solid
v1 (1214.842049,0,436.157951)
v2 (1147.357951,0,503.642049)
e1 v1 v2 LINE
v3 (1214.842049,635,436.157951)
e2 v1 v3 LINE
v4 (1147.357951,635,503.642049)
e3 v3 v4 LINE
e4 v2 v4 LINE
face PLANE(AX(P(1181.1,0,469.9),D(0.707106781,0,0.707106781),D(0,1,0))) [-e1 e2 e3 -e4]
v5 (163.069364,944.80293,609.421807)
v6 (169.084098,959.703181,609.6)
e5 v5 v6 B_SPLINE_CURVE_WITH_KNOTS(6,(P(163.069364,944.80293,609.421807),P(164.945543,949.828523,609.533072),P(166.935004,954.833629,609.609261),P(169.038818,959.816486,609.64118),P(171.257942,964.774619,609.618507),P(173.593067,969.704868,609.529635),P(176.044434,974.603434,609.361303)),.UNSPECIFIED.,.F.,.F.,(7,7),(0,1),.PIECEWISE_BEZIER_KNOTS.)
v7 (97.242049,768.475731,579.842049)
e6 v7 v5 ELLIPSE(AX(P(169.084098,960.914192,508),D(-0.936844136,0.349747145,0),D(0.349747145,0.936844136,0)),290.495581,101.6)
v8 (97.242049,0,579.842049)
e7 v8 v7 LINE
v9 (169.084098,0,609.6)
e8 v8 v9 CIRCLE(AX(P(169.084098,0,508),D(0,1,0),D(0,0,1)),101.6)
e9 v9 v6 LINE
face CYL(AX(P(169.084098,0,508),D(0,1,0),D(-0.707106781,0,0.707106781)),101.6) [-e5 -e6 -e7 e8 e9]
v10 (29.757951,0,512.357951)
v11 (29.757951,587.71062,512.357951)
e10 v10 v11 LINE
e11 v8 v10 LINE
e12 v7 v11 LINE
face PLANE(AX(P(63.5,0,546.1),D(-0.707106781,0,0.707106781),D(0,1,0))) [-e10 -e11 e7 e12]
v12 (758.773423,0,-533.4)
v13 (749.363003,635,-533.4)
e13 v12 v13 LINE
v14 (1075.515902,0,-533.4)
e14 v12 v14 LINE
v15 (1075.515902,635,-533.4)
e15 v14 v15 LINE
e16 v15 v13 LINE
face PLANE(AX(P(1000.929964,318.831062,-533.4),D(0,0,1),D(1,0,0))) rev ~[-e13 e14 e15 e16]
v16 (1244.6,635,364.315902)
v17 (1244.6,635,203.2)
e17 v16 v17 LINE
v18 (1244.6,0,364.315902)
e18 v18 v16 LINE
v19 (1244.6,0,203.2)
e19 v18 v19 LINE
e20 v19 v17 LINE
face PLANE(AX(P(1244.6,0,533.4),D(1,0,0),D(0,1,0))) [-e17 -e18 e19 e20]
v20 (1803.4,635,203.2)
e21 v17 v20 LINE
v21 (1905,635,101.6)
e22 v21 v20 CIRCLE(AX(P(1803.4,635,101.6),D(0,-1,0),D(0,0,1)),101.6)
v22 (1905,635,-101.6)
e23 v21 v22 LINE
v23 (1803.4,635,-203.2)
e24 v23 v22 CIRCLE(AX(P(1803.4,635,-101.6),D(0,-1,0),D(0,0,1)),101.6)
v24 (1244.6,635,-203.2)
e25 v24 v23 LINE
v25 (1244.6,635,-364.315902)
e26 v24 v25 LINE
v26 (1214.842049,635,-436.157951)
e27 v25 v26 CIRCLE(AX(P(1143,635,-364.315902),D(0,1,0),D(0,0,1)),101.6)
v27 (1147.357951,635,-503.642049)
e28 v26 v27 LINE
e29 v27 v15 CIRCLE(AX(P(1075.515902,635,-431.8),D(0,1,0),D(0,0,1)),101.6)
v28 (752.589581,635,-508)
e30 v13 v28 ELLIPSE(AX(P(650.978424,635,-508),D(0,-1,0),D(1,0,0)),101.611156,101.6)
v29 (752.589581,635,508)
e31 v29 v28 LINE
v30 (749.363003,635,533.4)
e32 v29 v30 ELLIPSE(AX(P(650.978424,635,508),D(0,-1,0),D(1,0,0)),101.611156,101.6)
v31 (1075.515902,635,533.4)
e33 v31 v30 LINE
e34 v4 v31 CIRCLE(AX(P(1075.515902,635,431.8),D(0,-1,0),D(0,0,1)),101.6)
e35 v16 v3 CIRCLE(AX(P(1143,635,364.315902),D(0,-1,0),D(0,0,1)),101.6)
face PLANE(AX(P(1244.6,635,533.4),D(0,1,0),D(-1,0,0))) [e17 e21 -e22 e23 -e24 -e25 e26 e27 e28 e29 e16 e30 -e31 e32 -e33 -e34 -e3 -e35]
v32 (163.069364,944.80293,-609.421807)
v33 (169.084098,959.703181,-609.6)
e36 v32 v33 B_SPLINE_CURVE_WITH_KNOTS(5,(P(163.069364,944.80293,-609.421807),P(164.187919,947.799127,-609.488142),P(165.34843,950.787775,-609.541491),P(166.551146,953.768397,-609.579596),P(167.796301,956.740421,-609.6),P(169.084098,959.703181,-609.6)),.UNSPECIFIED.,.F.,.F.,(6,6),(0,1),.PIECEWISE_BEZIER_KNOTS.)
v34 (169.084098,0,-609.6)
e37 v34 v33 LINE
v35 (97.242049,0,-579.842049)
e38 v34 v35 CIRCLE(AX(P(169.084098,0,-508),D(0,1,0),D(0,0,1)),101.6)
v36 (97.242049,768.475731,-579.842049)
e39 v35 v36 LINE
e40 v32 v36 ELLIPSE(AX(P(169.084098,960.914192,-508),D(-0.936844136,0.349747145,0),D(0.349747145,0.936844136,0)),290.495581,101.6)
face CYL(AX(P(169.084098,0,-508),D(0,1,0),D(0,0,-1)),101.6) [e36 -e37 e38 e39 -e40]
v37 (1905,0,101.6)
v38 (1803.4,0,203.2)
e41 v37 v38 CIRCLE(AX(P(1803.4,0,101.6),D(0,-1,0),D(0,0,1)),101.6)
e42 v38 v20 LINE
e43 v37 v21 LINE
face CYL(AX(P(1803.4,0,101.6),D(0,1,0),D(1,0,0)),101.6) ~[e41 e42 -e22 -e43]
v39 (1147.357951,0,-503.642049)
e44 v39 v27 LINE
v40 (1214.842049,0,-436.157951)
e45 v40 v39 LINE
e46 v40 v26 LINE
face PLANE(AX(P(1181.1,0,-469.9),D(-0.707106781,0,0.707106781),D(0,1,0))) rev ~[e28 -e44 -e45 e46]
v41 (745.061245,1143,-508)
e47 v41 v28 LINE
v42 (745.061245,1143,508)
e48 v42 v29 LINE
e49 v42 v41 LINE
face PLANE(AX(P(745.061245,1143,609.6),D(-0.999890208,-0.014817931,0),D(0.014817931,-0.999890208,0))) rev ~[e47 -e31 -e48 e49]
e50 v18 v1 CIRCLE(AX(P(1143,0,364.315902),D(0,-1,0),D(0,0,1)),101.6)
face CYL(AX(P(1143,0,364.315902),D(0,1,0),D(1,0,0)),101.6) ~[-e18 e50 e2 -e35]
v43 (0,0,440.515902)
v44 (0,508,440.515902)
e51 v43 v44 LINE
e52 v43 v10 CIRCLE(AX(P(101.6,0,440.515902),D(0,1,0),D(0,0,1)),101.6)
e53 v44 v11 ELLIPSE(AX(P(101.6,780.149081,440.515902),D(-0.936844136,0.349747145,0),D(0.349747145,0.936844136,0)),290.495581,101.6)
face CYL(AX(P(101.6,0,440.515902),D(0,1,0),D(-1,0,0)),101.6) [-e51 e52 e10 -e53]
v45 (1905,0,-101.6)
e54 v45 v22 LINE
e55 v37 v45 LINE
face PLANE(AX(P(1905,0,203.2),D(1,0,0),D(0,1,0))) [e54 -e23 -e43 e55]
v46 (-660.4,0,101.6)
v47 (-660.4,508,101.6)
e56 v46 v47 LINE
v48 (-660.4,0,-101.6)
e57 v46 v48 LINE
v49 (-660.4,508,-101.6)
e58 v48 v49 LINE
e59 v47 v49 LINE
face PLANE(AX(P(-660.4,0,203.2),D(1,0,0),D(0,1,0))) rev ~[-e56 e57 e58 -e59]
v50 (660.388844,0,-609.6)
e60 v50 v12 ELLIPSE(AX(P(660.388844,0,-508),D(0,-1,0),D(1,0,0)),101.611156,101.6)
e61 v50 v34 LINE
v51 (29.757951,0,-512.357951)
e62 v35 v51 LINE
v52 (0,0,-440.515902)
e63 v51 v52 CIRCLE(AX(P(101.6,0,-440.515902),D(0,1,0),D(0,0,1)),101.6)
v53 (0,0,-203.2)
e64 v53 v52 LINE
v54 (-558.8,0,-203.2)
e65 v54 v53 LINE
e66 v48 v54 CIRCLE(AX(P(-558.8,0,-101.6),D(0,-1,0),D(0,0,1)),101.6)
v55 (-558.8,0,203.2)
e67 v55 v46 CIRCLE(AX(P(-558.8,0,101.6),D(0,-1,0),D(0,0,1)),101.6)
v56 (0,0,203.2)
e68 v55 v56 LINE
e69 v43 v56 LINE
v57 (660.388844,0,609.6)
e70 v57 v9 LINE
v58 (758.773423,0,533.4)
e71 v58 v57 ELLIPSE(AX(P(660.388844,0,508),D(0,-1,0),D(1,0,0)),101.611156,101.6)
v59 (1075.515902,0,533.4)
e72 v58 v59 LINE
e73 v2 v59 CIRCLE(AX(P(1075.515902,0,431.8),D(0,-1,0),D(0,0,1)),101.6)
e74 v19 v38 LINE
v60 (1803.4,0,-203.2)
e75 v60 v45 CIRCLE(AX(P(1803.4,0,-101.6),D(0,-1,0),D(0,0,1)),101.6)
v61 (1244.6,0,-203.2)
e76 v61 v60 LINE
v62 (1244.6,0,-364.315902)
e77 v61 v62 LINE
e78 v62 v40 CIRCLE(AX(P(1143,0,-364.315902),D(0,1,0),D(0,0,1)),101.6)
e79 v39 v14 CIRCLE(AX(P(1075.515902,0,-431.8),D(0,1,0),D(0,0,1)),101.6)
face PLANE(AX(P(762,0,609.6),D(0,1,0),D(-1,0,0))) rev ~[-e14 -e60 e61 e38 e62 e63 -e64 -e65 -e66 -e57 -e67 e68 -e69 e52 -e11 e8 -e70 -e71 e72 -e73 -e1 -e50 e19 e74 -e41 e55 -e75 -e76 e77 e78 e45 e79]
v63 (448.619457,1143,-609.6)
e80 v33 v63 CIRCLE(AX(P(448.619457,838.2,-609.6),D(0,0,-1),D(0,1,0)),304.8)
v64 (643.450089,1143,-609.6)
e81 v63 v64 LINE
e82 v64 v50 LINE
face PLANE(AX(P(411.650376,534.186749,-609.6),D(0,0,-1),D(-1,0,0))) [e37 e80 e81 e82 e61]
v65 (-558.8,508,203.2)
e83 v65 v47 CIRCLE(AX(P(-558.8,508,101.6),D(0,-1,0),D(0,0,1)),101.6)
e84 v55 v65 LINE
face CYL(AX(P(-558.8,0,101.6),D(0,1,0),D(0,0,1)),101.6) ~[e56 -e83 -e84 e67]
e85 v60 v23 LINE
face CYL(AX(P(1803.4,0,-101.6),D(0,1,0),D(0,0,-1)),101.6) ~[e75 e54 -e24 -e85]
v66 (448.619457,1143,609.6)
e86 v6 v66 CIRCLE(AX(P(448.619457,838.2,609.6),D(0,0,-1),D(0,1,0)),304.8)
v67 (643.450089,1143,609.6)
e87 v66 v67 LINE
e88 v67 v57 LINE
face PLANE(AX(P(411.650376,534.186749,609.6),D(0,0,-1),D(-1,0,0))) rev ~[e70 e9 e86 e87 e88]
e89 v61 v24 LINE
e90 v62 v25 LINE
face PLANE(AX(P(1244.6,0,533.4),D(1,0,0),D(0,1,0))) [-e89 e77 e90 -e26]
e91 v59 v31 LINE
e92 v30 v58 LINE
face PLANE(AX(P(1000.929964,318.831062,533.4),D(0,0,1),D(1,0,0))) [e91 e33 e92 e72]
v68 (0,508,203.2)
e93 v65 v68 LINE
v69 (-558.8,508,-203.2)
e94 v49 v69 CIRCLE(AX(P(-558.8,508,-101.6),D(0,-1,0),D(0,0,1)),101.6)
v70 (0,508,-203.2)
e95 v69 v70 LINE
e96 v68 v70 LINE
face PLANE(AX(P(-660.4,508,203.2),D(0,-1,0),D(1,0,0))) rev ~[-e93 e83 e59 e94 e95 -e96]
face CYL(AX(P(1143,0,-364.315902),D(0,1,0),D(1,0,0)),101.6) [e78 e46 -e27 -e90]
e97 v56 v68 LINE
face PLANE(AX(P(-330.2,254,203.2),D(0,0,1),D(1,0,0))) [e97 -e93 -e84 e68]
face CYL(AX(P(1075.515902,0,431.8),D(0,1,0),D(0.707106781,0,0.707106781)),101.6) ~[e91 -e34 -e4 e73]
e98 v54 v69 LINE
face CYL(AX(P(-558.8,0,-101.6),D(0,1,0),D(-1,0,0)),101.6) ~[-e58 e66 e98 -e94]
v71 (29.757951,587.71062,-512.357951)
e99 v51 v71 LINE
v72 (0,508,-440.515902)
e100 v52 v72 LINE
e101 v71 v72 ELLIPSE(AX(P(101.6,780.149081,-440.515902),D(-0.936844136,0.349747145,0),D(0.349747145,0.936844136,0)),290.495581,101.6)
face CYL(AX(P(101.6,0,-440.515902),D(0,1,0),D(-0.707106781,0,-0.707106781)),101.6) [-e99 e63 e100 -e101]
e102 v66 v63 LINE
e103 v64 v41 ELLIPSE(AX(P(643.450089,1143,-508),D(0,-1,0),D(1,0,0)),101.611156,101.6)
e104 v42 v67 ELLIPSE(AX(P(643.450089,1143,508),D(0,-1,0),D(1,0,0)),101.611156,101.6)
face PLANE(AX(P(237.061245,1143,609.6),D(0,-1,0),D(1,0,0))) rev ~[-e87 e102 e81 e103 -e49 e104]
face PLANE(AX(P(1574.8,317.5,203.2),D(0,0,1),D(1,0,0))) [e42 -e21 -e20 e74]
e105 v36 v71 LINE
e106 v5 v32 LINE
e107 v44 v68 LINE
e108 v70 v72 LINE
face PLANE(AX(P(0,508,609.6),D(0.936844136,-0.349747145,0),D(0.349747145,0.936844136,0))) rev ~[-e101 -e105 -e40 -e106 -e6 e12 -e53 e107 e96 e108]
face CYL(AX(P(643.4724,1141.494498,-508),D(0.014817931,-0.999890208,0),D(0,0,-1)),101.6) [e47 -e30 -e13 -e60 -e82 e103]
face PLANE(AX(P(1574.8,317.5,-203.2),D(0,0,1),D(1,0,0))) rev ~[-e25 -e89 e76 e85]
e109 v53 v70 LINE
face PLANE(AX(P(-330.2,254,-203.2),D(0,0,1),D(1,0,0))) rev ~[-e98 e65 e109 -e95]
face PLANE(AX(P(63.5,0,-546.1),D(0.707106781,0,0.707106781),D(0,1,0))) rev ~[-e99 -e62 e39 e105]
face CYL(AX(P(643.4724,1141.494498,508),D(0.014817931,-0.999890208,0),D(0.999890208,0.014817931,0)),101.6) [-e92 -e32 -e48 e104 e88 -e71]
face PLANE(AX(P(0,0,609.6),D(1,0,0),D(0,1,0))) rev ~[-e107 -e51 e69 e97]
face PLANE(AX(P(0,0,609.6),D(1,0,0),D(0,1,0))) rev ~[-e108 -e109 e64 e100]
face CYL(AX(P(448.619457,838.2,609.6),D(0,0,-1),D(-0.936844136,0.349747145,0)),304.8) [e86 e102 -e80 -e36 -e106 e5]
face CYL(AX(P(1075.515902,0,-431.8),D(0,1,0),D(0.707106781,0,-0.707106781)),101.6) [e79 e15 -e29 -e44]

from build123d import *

# Parameters (mm, degrees)
SKETCH2_W           = 660.4
SKETCH2_H           = 508
BOSS_EXTRUDE1_DEPTH = 406.4
BOSS_EXTRUDE2_DEPTH = 1219.2
BOSS_EXTRUDE3_DEPTH = 1066.8
SKETCH5_W           = 660.4
SKETCH5_H           = 635
BOSS_EXTRUDE4_DEPTH = 406.4
FILLET2_R           = 101.6
FILLET3_R           = 101.6
CHAMFER1_SIZE       = 127
FILLET4_R           = 101.6
CHAMFER3_SIZE       = 127
FILLET5_R           = 101.6
FILLET6_R           = 304.8


with BuildPart() as part:
    # Sketch2 → Boss-Extrude1 (new body)
    with BuildSketch(Plane.XY.offset(203.2)):
        with Locations((-330.2, 254)):
            Rectangle(SKETCH2_W, SKETCH2_H)
    extrude(amount=-BOSS_EXTRUDE1_DEPTH)

    # Sketch3 → Boss-Extrude2 (add)
    with BuildSketch(Plane.XY.offset(609.6)):
        Polygon((0, 0), (0, 508), (237.061244979, 1143), (745.061244979, 1143), (762, 0), align=None)
    extrude(amount=-BOSS_EXTRUDE2_DEPTH)

    # Sketch4 → Boss-Extrude3 (add)
    with BuildSketch(Plane.XY.offset(533.4)):
        Polygon((1244.6, 635), (752.589580544, 635), (762, 0), (1244.6, 0), align=None)
    extrude(amount=-BOSS_EXTRUDE3_DEPTH)

    # Sketch5 → Boss-Extrude4 (add)
    with BuildSketch(Plane.XY.offset(203.2)):
        with Locations((1574.8, 317.5)):
            Rectangle(SKETCH5_W, SKETCH5_H)
    extrude(amount=-BOSS_EXTRUDE4_DEPTH)

    # Fillet2
    fillet2_edges = [part.edges().sort_by_distance(p)[0] for p in [
        (-660.4, 254, -203.2),
        (-660.4, 254, 203.2),
    ]]
    fillet(fillet2_edges, radius=FILLET2_R)

    # Fillet3
    fillet3_edges = [part.edges().sort_by_distance(p)[0] for p in [
        (1905, 317.5, -203.2),
        (1905, 317.5, 203.2),
    ]]
    fillet(fillet3_edges, radius=FILLET3_R)

    # Chamfer1
    chamfer1_edges = [part.edges().sort_by_distance(p)[0] for p in [
        (1244.6, 317.5, -533.4),
        (1244.6, 317.5, 533.4),
    ]]
    chamfer(chamfer1_edges, length=CHAMFER1_SIZE)

    # Fillet4
    fillet4_edges = [part.edges().sort_by_distance(p)[0] for p in [
        (1244.6, 317.5, -406.4),
        (1117.6, 317.5, -533.4),
        (1117.6, 317.5, 533.4),
        (1244.6, 317.5, 406.4),
    ]]
    fillet(fillet4_edges, radius=FILLET4_R)

    # Chamfer3
    chamfer3_edges = [part.edges().sort_by_distance(p)[0] for p in [
        (0, 254, -609.6),
        (0, 254, 609.6),
    ]]
    chamfer(chamfer3_edges, length=CHAMFER3_SIZE)

    # Fillet5
    fillet5_edges = [part.edges().sort_by_distance(p)[0] for p in [
        (753.530622489, 571.5, 609.6),
        (753.530622489, 571.5, -609.6),
        (127, 424.093175726, -609.6),
        (0, 254, -482.6),
        (127, 424.093175726, 609.6),
        (0, 254, 482.6),
    ]]
    fillet(fillet5_edges, radius=FILLET5_R)

    # Fillet6
    fillet6_edges = [part.edges().sort_by_distance(p)[0] for p in [
        (237.061244979, 1143, 0),
    ]]
    fillet(fillet6_edges, radius=FILLET6_R)


solid = part.part
